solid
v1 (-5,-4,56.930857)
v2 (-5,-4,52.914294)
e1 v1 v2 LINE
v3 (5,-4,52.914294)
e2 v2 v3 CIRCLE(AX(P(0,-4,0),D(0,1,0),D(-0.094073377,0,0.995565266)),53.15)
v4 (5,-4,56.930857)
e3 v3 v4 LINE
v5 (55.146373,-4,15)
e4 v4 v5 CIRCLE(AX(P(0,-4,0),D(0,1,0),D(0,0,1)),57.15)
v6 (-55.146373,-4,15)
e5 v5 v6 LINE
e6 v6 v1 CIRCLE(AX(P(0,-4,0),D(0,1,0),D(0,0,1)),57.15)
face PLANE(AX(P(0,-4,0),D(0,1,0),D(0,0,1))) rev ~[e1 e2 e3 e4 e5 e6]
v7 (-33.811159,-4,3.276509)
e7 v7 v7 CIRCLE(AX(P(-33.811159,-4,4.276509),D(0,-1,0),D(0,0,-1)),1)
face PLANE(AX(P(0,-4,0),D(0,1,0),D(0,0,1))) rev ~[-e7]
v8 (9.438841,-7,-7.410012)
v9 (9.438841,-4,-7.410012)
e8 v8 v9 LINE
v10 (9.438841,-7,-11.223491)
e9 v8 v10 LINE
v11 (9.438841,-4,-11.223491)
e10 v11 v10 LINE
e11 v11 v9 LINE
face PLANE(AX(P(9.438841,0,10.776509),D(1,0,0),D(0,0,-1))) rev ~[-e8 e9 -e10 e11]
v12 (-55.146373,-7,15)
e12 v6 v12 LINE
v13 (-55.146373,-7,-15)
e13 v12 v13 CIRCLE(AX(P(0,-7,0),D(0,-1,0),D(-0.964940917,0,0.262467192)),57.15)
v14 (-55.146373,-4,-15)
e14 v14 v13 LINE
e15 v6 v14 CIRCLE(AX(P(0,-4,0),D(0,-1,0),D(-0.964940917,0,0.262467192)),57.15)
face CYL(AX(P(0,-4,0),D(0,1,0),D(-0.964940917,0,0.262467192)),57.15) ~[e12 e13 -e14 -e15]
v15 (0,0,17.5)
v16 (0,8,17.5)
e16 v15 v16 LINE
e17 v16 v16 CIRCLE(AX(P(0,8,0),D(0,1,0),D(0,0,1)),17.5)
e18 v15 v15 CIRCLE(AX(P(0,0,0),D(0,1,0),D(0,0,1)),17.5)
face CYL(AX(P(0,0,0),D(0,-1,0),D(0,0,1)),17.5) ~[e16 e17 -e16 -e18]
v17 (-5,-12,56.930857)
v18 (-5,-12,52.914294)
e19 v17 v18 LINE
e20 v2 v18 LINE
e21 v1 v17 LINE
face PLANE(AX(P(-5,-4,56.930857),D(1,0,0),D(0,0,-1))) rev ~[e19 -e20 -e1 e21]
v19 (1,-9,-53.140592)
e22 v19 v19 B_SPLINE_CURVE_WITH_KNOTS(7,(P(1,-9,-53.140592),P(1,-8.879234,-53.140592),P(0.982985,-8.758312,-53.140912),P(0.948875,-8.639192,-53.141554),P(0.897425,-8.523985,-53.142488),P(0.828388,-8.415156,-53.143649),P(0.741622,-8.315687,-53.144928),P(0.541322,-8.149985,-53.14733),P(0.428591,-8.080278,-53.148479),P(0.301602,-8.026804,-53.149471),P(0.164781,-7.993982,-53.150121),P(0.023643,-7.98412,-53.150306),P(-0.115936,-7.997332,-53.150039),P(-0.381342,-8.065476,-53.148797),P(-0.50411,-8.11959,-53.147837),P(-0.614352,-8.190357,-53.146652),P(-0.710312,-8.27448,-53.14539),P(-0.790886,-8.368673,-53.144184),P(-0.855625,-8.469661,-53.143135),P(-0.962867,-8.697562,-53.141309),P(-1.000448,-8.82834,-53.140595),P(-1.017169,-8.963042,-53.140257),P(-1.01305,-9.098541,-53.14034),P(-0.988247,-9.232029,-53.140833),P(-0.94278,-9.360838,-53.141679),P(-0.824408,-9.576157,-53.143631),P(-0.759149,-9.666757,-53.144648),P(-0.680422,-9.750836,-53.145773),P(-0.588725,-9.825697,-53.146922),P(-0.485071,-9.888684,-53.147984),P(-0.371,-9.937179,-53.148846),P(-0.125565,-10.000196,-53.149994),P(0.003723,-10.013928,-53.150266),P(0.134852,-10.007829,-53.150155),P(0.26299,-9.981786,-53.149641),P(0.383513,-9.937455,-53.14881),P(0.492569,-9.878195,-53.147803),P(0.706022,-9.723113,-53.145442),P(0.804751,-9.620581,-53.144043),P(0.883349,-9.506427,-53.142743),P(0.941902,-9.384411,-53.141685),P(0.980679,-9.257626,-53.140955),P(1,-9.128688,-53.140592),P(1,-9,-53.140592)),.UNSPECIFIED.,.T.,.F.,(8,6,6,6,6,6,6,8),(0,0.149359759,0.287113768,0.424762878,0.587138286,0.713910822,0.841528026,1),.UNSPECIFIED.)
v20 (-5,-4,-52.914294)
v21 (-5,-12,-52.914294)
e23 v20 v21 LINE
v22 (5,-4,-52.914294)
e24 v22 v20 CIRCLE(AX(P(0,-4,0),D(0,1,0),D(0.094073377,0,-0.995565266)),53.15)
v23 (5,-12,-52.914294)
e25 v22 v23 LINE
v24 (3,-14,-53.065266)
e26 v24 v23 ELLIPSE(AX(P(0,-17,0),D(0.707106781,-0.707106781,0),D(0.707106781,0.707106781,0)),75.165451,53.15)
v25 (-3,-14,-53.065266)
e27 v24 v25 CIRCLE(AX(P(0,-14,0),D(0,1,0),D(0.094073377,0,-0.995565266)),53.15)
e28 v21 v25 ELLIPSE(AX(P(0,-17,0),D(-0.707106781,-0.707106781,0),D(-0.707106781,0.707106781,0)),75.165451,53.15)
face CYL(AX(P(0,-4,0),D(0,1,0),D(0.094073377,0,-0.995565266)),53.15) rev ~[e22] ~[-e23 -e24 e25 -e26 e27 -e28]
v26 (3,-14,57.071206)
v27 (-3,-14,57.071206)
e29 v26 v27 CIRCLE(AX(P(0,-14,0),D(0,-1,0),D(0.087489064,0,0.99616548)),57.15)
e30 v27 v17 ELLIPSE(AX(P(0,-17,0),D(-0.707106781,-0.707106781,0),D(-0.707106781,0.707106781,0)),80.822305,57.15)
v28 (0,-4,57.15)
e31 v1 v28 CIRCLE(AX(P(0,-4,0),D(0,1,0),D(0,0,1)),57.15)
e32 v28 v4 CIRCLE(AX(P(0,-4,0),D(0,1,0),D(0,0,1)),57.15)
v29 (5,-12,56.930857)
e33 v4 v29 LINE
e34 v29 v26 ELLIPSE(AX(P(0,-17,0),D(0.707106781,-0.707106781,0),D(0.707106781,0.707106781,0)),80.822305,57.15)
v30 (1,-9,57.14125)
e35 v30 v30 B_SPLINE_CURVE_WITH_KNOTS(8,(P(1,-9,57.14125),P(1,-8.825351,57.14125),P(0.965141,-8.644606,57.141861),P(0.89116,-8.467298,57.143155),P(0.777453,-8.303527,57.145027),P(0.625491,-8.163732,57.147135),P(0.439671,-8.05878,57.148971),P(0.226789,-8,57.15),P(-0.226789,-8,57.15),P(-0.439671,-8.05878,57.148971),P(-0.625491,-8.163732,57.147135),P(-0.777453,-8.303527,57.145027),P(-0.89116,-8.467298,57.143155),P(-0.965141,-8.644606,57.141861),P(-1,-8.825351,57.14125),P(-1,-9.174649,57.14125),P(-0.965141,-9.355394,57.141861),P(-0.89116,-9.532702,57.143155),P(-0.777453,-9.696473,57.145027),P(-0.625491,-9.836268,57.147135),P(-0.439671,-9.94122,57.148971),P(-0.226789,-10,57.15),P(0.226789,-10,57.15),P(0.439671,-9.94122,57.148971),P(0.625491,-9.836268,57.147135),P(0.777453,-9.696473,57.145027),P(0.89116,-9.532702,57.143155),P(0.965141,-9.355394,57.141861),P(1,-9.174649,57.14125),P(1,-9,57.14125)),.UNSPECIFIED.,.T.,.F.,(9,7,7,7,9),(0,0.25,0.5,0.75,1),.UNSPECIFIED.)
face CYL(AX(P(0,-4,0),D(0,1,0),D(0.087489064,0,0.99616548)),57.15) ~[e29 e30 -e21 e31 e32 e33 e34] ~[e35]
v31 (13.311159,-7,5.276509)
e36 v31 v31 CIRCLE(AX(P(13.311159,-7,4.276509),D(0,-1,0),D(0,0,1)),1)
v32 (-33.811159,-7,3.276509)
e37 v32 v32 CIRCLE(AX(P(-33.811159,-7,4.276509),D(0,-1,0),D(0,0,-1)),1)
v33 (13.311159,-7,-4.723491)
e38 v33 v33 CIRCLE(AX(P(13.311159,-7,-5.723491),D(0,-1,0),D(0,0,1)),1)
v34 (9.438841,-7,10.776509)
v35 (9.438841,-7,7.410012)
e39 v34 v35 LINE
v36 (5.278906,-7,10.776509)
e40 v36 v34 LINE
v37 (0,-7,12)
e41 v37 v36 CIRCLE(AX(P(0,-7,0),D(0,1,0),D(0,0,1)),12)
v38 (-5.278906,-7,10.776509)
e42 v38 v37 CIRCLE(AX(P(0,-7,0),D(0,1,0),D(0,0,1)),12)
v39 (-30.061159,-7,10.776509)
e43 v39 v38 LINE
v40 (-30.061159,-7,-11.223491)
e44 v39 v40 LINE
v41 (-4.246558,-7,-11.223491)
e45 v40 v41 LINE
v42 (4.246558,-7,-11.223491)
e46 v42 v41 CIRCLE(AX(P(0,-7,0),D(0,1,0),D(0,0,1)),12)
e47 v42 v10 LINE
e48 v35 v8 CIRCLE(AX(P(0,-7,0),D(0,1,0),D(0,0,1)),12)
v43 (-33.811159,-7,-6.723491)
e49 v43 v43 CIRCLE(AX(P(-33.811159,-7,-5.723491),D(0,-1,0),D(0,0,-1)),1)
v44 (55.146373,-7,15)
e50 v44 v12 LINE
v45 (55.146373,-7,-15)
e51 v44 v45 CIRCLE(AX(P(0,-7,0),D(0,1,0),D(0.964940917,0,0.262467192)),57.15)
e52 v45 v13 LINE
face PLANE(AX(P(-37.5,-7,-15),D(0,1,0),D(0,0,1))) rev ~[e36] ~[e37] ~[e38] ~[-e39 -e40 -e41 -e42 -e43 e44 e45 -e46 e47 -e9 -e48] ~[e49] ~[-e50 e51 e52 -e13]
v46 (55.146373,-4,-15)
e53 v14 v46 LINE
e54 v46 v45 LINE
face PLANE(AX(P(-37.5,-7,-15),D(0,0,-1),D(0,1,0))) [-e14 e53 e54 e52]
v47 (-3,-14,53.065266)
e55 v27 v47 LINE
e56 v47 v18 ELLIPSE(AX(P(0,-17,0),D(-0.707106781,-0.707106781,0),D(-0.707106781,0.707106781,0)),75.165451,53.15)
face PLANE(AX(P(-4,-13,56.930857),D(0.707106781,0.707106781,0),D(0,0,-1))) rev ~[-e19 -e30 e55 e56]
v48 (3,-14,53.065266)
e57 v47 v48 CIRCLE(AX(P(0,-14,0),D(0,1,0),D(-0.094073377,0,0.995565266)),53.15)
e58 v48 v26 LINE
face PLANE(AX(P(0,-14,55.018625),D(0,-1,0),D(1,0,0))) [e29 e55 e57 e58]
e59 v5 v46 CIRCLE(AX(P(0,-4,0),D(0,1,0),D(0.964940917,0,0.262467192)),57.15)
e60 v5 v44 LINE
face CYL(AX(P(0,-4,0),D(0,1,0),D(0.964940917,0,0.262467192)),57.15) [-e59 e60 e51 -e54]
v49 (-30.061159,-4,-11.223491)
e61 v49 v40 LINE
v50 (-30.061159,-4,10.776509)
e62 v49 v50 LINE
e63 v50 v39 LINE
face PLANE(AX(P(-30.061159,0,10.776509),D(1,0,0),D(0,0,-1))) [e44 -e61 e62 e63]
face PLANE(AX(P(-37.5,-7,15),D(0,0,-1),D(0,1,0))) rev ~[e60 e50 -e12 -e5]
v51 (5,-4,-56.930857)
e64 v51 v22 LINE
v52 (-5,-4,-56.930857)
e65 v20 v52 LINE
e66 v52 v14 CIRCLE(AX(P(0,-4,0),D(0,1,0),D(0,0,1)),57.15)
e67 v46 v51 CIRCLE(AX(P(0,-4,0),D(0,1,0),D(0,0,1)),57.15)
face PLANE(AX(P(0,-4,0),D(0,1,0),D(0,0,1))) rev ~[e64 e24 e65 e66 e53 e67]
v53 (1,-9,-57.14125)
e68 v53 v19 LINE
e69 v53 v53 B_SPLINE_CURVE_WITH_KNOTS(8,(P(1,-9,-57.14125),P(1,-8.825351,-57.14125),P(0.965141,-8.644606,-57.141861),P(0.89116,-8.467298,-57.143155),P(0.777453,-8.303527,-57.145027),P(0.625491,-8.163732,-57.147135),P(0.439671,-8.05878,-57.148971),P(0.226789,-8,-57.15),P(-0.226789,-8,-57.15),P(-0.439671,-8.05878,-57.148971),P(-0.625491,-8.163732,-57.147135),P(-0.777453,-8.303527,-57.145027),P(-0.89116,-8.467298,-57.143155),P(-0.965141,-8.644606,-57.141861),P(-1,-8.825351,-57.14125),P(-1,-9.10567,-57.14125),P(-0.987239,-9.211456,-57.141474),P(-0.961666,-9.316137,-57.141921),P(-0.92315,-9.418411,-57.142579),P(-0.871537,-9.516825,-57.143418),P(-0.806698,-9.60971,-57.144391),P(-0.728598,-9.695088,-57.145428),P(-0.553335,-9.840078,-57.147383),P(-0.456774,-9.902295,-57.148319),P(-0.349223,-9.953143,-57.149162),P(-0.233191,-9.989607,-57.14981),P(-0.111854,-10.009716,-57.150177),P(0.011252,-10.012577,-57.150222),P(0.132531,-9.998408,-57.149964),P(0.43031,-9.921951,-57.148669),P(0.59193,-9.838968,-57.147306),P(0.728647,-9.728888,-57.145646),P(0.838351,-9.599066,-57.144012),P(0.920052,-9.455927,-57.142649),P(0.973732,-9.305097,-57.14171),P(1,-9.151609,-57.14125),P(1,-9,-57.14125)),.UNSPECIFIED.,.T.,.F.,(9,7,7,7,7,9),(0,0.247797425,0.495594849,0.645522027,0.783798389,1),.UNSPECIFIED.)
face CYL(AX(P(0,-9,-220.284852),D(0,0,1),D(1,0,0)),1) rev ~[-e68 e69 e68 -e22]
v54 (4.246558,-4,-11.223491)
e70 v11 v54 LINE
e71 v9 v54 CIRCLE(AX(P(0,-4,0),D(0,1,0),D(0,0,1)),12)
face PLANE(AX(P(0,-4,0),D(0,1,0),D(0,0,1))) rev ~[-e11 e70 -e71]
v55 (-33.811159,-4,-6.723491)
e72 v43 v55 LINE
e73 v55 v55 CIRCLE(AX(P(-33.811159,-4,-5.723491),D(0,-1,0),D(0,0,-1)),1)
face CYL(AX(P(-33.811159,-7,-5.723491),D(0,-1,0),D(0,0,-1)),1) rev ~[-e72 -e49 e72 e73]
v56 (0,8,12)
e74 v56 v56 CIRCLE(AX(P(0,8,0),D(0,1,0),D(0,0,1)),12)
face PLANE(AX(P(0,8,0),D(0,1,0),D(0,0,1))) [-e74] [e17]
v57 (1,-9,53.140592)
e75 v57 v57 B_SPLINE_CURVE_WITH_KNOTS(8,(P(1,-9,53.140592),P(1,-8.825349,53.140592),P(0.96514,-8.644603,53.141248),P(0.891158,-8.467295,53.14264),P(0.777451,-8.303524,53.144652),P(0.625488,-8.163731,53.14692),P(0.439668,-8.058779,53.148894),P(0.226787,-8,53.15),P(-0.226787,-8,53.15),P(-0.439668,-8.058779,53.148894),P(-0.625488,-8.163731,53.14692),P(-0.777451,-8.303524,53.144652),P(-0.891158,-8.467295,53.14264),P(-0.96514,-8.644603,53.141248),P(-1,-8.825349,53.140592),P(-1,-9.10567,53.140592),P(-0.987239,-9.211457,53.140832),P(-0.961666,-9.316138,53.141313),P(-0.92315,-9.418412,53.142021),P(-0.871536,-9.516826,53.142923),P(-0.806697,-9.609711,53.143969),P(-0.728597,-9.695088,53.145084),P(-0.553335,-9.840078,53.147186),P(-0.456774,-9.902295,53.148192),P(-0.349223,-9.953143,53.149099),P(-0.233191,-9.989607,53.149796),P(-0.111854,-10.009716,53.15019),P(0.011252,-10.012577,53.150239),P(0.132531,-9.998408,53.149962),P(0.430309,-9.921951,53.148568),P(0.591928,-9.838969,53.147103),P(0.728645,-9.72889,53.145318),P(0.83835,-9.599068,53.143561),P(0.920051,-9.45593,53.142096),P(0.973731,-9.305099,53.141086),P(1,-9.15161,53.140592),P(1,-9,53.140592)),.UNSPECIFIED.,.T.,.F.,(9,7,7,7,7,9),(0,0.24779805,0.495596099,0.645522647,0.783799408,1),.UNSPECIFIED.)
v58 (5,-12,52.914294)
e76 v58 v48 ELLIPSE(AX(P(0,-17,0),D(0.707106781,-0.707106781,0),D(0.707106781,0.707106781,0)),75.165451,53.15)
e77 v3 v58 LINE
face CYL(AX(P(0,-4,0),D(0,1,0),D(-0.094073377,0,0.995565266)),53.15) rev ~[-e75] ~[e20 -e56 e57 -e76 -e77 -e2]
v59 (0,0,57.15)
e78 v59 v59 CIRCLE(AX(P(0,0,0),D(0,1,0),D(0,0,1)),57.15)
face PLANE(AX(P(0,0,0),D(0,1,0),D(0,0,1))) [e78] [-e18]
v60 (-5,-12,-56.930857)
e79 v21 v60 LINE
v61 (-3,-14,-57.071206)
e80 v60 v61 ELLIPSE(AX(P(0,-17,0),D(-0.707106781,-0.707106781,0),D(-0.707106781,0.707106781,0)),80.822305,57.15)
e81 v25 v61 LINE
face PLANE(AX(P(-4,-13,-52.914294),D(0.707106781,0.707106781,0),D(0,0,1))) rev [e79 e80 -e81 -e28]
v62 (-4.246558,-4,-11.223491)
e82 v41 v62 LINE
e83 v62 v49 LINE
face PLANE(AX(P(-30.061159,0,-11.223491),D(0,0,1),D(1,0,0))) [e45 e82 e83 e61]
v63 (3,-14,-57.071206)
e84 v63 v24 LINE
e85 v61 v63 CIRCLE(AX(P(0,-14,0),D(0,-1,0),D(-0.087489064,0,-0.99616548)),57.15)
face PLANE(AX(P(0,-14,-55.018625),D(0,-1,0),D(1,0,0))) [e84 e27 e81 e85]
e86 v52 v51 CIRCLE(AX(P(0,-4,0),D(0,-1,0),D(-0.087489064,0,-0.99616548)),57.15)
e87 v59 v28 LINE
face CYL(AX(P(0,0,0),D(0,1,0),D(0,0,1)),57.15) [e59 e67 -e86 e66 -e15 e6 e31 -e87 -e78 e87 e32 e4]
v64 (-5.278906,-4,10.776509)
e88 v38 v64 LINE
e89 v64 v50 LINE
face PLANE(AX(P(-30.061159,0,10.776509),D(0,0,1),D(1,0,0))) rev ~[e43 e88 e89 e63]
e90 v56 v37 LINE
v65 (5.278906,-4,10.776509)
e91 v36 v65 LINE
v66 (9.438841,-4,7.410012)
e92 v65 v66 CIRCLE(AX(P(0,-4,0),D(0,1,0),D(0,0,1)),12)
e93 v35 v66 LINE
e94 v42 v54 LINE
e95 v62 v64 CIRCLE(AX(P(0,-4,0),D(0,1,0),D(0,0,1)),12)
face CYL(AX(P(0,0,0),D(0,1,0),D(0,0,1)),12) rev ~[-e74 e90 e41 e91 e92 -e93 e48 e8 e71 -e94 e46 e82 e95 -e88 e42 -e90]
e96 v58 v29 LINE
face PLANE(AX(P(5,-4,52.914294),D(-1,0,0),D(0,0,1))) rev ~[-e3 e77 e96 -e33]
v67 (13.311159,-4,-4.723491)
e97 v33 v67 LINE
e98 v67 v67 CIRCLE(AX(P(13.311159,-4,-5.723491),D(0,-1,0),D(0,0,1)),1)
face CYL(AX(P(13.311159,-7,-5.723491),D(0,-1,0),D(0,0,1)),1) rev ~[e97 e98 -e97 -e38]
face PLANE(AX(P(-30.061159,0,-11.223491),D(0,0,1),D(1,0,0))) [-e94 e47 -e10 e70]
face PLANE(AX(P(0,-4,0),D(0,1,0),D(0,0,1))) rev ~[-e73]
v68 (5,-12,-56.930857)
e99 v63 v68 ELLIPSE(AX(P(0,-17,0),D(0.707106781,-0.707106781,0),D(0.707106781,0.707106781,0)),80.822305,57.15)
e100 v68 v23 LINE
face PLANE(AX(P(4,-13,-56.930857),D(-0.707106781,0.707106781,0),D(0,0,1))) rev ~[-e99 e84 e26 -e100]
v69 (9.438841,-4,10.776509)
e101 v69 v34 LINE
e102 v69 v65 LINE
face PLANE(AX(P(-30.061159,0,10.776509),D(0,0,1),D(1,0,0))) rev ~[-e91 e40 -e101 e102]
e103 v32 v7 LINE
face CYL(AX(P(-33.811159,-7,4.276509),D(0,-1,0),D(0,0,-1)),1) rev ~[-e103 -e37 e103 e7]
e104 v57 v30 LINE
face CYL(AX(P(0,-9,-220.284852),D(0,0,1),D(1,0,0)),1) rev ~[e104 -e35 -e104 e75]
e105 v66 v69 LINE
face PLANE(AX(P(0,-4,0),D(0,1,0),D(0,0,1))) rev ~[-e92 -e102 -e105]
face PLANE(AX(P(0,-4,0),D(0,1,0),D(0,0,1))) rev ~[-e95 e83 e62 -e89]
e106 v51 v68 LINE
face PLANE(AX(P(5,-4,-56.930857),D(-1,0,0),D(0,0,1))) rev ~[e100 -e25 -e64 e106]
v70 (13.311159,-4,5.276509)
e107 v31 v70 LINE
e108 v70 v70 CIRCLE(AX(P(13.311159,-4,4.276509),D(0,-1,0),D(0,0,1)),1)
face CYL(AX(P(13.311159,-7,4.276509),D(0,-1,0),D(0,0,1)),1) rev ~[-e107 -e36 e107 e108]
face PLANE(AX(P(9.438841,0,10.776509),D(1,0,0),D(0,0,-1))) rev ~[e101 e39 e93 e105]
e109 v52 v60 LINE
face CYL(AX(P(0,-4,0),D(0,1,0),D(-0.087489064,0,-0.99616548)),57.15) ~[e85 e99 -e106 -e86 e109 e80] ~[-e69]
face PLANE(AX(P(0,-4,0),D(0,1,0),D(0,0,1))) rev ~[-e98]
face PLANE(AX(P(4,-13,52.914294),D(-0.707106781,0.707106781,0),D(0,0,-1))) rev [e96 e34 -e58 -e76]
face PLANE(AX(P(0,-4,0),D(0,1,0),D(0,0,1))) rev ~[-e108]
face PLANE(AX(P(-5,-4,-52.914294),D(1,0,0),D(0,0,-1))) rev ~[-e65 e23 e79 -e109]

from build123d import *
from build123d.topology import SkipClean

# Parameters (mm, degrees)
SKETCH2_R               = 17.5
BOSS_EXTRUDE3_DEPTH     = 8
CUT_EXTRUDE3_DEPTH      = 8
CUT_EXTRUDE3_DEPTH_BACK = 10
SKETCH10_R              = 12
SKETCH11_W              = 54.5
SKETCH11_H              = 30
BOSS_EXTRUDE7_DEPTH     = 7
SKETCH12_W              = 39.5
SKETCH12_H              = 22
CUT_EXTRUDE4_DEPTH      = 43.148546831
SKETCH18_R              = 65
CUT_EXTRUDE6_DEPTH      = 4
SKETCH24_R              = 1
CUT_EXTRUDE7_DEPTH      = 4
SKETCH33_R              = 57.15
BOSS_EXTRUDE8_DEPTH     = 4
SKETCH34_R              = 12
CUT_EXTRUDE8_DEPTH      = 7
BOSS_EXTRUDE13_DEPTH    = 10
F_1_0MM_DOWEL_HOLE1_D   = 2
BOSS_EXTRUDE14_DEPTH    = 3
BOSS_EXTRUDE15_REACH    = 96.659
SKETCH21_W              = 30
SKETCH21_H              = 3
BOSS_EXTRUDE16_REACH    = 113.448
SKETCH31_W              = 30
SKETCH31_H              = 3
CHAMFER1_SIZE           = 2


with BuildPart() as part:
    # Sketch2 → Boss-Extrude3 (new body)
    with BuildSketch(Plane(origin=(0, 0, 0), x_dir=(1, 0, 0), z_dir=(0, 1, 0))):
        with Locations(Location((0, 0, 0), (0, 0, 270))):
            Circle(SKETCH2_R)
    extrude(amount=BOSS_EXTRUDE3_DEPTH)

    # Sketch10 → Cut-Extrude3 (cut, two sides: drawn at the far end of the back side and taken through both)
    with BuildSketch(Plane(origin=(0, 0, 0), x_dir=(1, 0, 0), z_dir=(0, 1, 0)).offset(-CUT_EXTRUDE3_DEPTH_BACK)):
        with Locations(Location((0, 0, 0), (0, 0, 270))):
            Circle(SKETCH10_R)
    extrude(amount=CUT_EXTRUDE3_DEPTH + CUT_EXTRUDE3_DEPTH_BACK, mode=Mode.SUBTRACT)

    # Sketch11 → Boss-Extrude7 (add)
    with BuildSketch(Plane(origin=(0, 0, 0), x_dir=(1, 0, 0), z_dir=(0, 1, 0))):
        with Locations((-10.25, 0)):
            Rectangle(SKETCH11_W, SKETCH11_H)
    extrude(amount=-BOSS_EXTRUDE7_DEPTH)

    # Sketch12 → Cut-Extrude4 (cut, through all)
    with BuildSketch(Plane(origin=(0, 0, 0), x_dir=(1, 0, 0), z_dir=(0, 1, 0))):
        with Locations((-10.311158619, 0.223490858)):
            Rectangle(SKETCH12_W, SKETCH12_H)
    extrude(amount=-CUT_EXTRUDE4_DEPTH, mode=Mode.SUBTRACT)

    # Sketch18 → Cut-Extrude6 (cut)
    with BuildSketch(Plane(origin=(0, 0, 0), x_dir=(1, 0, 0), z_dir=(0, 1, 0))):
        Circle(SKETCH18_R)
    extrude(amount=-CUT_EXTRUDE6_DEPTH, mode=Mode.SUBTRACT)


with BuildPart() as cut_extrude6_piece_1:
    # of the separate pieces the step leaves, piece 1, a body of its own (cut_extrude6_pieces)
    add(part.part.solids().sort_by_distance((0, 0, 17.5))[0])



with BuildPart() as cut_extrude6_piece_2:
    # of the separate pieces the step leaves, piece 2, a body of its own (cut_extrude6_pieces)
    add(part.part.solids().sort_by_distance((-37.5, -4, 15))[0])

    # Sketch24 → Cut-Extrude7 (cut)
    with BuildSketch(Plane.XZ.offset(7)):
        with Locations(Location((-33.811158619, 4.276509142, 0), (0, 0, 270))):
            Circle(SKETCH24_R)
        with Locations(Location((-33.811158619, -5.723490858, 0), (0, 0, 270))):
            Circle(SKETCH24_R)
        with Locations(Location((13.311158619, -5.723490858, 0), (0, 0, 90))):
            Circle(SKETCH24_R)
        with Locations(Location((13.311158619, 4.276509142, 0), (0, 0, 90))):
            Circle(SKETCH24_R)
    extrude(amount=-CUT_EXTRUDE7_DEPTH, mode=Mode.SUBTRACT)


with BuildPart() as cut_extrude6_piece_1_1:
    add(cut_extrude6_piece_1.part)

    add(cut_extrude6_piece_2.part)  # Boss-Extrude8 merges Cut-Extrude6 piece 2
    # Sketch33 → Boss-Extrude8 (add)
    with BuildSketch(Plane(origin=(0, 0, 0), x_dir=(1, 0, 0), z_dir=(0, 1, 0))):
        with Locations(Location((0, 0, 0), (0, 0, 270))):
            Circle(SKETCH33_R)
    extrude(amount=-BOSS_EXTRUDE8_DEPTH)

    # Sketch34 → Cut-Extrude8 (cut)
    with BuildSketch(Plane(origin=(0, 0, 0), x_dir=(1, 0, 0), z_dir=(0, 1, 0))):
        with Locations(Location((0, 0, 0), (0, 0, 270))):
            Circle(SKETCH34_R)
    extrude(amount=-CUT_EXTRUDE8_DEPTH, mode=Mode.SUBTRACT)

    # Sketch37 → Boss-Extrude13 (add)
    with SkipClean():  # the faces are left unmerged after this step: merging them gives an invalid solid
        with BuildSketch(Plane.XZ.offset(4)):
            with BuildLine():
                Line((-5, -52.91429391), (-5, -56.930857187))
                ThreePointArc((-5, -56.930857187), (0, -57.15), (5, -56.930857187))
                Line((5, -56.930857187), (5, -52.91429391))
                ThreePointArc((5, -52.91429391), (0, -53.15), (-5, -52.91429391))
            make_face()
            with BuildLine():
                Line((-5, 56.930857187), (-5, 52.91429391))
                ThreePointArc((-5, 52.91429391), (0, 53.15), (5, 52.91429391))
                Line((5, 52.91429391), (5, 56.930857187))
                ThreePointArc((5, 56.930857187), (0, 57.15), (-5, 56.930857187))
            make_face()
        extrude(amount=BOSS_EXTRUDE13_DEPTH)

    # Ø1.0mm Dowel Hole1 (through all)
    with Locations(Plane(origin=(0, -9, -57.15), x_dir=(-1, 0, 0), z_dir=(0, 0, -1))):
        with Locations((0, 0)):
            Hole(F_1_0MM_DOWEL_HOLE1_D / 2)

    # Sketch86 → Boss-Extrude14 (add)
    with SkipClean():  # the faces are left unmerged after this step: merging them gives an invalid solid
        with BuildSketch(Plane(origin=(0, -4, 0), x_dir=(-1, 0, 0), z_dir=(0, -1, 0))):
            with BuildLine():
                Line((-51.119442268, -15), (-55.146373408, -15))
                ThreePointArc((-55.146373408, -15), (-57.15, 0), (-55.146373408, 15))
                Line((-55.146373408, 15), (-51.119442268, 15))
                ThreePointArc((-51.119442268, 15), (-53.274734892, 0), (-51.119442268, -15))
            make_face()
            with BuildLine():
                Line((51.119442268, -15), (55.146373408, -15))
                ThreePointArc((55.146373408, -15), (57.15, 0), (55.146373408, 15))
                Line((55.146373408, 15), (51.119442268, 15))
                ThreePointArc((51.119442268, 15), (53.274734892, 0), (51.119442268, -15))
            make_face()
        extrude(amount=BOSS_EXTRUDE14_DEPTH)

    # Sketch21 → Boss-Extrude15 (add, up to next)
    with BuildSketch(Plane(origin=(17, 0, 0), x_dir=(0, 0, -1), z_dir=(1, 0, 0)), mode=Mode.PRIVATE) as boss_extrude15_sk1:
        with Locations((0, -5.5)):
            Rectangle(SKETCH21_W, SKETCH21_H)
    boss_extrude15_tool1 = extrude(boss_extrude15_sk1.sketch, amount=BOSS_EXTRUDE15_REACH, mode=Mode.PRIVATE) - cut_extrude6_piece_1_1.part
    add(boss_extrude15_tool1.solids().sort_by_distance((17, -5.5, 0))[0])

    # Sketch31 → Boss-Extrude16 (add, up to next)
    with BuildSketch(Plane.ZY.offset(37.5), mode=Mode.PRIVATE) as boss_extrude16_sk1:
        with Locations((0, -5.5)):
            Rectangle(SKETCH31_W, SKETCH31_H)
    boss_extrude16_tool1 = extrude(boss_extrude16_sk1.sketch, amount=BOSS_EXTRUDE16_REACH, mode=Mode.PRIVATE) - cut_extrude6_piece_1_1.part
    add(boss_extrude16_tool1.solids().sort_by_distance((-37.5, -5.5, 0))[0])

    # Chamfer1
    chamfer1_edges = [cut_extrude6_piece_1_1.edges().sort_by_distance(p)[0] for p in [
        (5, -14, -54.922575548),
        (-5, -14, -54.922575548),
        (-5, -14, 54.922575548),
        (5, -14, 54.922575548),
    ]]
    chamfer(chamfer1_edges, length=CHAMFER1_SIZE)


solid = cut_extrude6_piece_1_1.part
